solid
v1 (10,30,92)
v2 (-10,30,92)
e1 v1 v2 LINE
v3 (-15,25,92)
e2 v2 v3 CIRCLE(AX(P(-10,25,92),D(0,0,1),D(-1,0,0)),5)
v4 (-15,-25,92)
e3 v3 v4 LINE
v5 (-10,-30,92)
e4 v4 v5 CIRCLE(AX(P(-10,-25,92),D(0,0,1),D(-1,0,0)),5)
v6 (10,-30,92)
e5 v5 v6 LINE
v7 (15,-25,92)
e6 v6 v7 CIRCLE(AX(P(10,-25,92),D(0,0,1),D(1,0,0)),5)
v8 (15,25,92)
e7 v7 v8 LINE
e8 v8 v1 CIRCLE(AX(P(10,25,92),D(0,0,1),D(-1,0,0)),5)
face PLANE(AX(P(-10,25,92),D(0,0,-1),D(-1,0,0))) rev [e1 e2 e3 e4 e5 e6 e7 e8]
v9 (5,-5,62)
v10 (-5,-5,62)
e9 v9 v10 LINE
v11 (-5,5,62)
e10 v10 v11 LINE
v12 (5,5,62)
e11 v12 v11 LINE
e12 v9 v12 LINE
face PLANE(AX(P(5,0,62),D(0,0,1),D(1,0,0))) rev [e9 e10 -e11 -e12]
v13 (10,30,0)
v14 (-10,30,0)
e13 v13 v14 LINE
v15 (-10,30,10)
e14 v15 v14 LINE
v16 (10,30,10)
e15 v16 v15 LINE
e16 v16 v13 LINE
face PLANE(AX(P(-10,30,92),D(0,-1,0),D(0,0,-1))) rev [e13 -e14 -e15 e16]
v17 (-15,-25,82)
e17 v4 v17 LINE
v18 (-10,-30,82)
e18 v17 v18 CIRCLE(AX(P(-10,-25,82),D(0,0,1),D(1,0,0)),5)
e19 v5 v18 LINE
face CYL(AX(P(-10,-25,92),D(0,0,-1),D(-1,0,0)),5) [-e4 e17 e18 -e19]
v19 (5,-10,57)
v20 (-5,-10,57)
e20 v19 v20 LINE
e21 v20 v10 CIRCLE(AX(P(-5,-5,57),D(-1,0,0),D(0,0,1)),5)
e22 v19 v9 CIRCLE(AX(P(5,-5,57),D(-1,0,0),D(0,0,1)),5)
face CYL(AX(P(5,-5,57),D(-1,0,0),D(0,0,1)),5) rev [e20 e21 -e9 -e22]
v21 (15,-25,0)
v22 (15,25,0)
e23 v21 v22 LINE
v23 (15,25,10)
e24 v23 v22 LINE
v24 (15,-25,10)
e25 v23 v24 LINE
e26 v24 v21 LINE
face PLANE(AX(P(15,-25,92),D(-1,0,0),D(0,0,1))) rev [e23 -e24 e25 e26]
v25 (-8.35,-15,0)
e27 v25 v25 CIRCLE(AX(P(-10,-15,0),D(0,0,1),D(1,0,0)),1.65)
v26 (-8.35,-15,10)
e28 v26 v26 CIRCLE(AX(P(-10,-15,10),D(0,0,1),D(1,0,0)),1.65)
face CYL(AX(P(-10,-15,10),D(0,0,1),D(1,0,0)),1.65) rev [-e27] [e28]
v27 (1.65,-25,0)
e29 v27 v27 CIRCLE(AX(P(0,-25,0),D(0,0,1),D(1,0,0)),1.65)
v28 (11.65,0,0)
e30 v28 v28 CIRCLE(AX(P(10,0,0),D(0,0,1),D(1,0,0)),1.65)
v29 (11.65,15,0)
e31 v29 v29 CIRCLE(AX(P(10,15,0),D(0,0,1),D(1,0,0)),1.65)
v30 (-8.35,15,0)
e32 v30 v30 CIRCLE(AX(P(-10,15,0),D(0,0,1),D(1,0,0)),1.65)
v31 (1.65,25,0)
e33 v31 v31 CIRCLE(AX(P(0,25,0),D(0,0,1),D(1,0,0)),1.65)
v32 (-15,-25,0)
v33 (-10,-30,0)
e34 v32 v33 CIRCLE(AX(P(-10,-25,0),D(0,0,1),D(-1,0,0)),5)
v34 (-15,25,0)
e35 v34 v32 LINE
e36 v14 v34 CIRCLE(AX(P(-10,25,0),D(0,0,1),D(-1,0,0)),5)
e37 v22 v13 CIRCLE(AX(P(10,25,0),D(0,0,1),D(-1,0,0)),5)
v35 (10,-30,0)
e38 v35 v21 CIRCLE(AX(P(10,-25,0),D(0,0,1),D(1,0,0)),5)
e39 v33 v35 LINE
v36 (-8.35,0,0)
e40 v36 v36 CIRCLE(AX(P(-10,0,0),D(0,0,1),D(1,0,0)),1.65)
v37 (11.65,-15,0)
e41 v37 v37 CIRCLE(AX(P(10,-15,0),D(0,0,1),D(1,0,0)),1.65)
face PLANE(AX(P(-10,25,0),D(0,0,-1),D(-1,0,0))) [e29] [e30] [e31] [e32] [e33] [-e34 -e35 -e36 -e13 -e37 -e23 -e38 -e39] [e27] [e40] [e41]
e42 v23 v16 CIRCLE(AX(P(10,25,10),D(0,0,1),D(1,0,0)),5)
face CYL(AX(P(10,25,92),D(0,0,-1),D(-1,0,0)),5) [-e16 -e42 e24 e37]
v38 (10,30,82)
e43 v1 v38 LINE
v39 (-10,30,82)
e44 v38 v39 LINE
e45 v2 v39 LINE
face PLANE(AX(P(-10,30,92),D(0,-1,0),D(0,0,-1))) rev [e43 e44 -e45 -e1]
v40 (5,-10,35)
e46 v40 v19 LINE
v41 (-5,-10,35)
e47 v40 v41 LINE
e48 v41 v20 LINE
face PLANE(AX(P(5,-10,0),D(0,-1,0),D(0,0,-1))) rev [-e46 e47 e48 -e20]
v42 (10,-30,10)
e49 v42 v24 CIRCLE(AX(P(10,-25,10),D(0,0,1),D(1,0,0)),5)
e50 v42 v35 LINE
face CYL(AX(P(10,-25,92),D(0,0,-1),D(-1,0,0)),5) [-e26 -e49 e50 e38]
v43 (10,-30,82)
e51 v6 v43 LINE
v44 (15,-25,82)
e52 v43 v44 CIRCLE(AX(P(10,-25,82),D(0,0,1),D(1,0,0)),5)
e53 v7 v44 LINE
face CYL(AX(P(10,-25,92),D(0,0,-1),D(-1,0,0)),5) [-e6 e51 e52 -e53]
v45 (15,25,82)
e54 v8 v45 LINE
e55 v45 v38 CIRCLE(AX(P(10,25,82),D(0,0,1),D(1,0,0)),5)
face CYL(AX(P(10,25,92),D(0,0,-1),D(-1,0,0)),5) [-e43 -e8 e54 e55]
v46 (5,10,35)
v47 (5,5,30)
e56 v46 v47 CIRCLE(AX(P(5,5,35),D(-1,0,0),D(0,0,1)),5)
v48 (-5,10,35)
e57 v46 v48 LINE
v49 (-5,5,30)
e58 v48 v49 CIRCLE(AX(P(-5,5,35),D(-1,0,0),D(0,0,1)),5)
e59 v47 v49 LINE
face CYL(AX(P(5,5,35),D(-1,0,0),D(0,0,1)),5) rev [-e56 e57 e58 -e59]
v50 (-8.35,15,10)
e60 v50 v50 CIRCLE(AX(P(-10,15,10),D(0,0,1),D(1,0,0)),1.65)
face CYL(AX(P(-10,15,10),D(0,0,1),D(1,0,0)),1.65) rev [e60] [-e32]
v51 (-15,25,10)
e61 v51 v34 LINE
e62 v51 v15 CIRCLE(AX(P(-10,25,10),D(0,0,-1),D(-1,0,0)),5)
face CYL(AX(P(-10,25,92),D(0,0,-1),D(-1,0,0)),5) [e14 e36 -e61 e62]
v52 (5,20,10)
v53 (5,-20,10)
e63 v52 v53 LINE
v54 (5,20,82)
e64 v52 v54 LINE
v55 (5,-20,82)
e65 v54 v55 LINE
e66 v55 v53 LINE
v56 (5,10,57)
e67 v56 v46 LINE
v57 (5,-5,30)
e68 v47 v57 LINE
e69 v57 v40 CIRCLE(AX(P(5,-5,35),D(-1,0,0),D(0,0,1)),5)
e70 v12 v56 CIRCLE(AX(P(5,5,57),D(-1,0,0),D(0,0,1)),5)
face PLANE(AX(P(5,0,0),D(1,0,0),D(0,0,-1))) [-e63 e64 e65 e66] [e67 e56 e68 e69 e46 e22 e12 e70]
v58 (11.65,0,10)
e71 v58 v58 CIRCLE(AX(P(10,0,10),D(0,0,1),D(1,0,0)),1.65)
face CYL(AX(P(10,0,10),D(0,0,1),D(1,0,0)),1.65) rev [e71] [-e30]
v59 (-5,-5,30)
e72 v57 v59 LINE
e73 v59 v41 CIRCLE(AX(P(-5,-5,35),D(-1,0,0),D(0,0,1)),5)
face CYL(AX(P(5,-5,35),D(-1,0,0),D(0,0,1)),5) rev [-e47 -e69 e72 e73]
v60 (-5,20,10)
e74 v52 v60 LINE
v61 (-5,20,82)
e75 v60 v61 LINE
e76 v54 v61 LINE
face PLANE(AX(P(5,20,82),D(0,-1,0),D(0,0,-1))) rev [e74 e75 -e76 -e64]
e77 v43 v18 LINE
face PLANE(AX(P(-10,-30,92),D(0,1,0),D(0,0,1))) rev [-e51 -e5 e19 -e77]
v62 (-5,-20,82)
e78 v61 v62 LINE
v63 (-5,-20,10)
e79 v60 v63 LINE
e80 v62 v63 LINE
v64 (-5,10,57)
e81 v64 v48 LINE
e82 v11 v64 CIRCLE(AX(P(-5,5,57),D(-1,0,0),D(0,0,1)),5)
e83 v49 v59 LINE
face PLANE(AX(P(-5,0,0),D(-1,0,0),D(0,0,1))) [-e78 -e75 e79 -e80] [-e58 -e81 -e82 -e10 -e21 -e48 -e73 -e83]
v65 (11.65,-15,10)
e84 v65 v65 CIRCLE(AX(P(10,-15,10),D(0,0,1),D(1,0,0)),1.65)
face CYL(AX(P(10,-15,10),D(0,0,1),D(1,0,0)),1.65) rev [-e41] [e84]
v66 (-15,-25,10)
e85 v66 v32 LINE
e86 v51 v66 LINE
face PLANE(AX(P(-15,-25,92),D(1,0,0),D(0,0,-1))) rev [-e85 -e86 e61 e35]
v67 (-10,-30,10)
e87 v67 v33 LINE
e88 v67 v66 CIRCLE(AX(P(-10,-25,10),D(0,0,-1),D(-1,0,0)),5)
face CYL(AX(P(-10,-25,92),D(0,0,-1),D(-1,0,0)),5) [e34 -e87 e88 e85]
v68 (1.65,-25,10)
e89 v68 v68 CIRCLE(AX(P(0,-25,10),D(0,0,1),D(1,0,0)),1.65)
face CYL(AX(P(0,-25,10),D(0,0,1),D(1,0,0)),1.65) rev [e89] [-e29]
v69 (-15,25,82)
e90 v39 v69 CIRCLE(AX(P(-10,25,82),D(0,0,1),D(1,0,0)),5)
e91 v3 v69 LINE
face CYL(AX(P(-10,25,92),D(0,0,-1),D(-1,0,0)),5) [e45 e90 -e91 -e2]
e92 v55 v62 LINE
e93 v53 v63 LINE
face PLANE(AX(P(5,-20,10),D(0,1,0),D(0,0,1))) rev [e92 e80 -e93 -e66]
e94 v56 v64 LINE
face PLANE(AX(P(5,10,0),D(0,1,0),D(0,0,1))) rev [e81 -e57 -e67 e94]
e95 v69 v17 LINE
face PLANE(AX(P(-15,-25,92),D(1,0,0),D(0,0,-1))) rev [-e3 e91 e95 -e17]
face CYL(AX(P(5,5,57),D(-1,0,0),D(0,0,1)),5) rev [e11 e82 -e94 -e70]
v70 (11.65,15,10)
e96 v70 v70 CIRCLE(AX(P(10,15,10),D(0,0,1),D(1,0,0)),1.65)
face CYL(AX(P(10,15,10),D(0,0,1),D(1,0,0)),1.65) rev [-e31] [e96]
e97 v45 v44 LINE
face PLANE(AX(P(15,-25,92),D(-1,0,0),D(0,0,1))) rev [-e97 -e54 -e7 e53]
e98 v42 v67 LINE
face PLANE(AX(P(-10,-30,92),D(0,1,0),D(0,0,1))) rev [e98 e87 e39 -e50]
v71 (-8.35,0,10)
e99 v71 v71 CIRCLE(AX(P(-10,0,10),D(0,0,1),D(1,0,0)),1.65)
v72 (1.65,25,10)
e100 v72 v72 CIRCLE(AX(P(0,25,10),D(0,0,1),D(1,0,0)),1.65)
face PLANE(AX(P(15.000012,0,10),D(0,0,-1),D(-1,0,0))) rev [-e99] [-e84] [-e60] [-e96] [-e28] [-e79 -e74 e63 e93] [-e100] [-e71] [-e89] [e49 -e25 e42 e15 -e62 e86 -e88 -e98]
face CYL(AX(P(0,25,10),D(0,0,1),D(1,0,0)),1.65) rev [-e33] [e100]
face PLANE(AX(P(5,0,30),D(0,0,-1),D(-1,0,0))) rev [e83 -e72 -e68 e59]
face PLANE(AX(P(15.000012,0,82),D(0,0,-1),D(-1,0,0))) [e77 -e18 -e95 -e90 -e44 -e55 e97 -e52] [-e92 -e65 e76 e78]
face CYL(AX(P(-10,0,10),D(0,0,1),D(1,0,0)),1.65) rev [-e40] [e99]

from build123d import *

# Parameters (mm, degrees)
BOSS_EXTRUDE1_DEPTH       = 92
CUT_EXTRUDE1_DEPTH        = 102.311401135
CUT_EXTRUDE1_DEPTH_BACK   = 10
SKETCH3_W                 = 72
SKETCH3_H                 = 50
CUT_EXTRUDE2_DEPTH        = 10
SKETCH4_W                 = 72
SKETCH4_H                 = 10
CUT_EXTRUDE3_DEPTH        = 10
SKETCH5_W                 = 72
SKETCH5_H                 = 10
CUT_EXTRUDE4_DEPTH        = 10
M4X0_7_TAPPED_HOLE1_D     = 3.3
M4X0_7_TAPPED_HOLE1_DEPTH = 10
M4X0_7_TAPPED_HOLE2_D     = 3.3
M4X0_7_TAPPED_HOLE2_DEPTH = 10
M4X0_7_TAPPED_HOLE3_D     = 3.3
M4X0_7_TAPPED_HOLE3_DEPTH = 10
M4X0_7_TAPPED_HOLE4_D     = 3.3
M4X0_7_TAPPED_HOLE4_DEPTH = 10
M4X0_7_TAPPED_HOLE5_D     = 3.3
M4X0_7_TAPPED_HOLE5_DEPTH = 10
M4X0_7_TAPPED_HOLE6_D     = 3.3
M4X0_7_TAPPED_HOLE6_DEPTH = 10
M4X0_7_TAPPED_HOLE7_D     = 3.3
M4X0_7_TAPPED_HOLE7_DEPTH = 10
M4X0_7_TAPPED_HOLE8_D     = 3.3
M4X0_7_TAPPED_HOLE8_DEPTH = 10
CUT_EXTRUDE5_DEPTH        = 10
CUT_EXTRUDE8_DEPTH        = 10
CUT_EXTRUDE9_DEPTH        = 10


with BuildPart() as part:
    # Sketch1 → Boss-Extrude1 (new body)
    with BuildSketch(Plane.XY):
        with BuildLine():
            Line((-10, -30), (10, -30))
            ThreePointArc((10, -30), (13.535533906, -28.535533906), (15, -25))
            Line((15, -25), (15, 25))
            ThreePointArc((15, 25), (13.535533906, 28.535533906), (10, 30))
            Line((10, 30), (-10, 30))
            ThreePointArc((-10, 30), (-13.535533906, 28.535533906), (-15, 25))
            Line((-15, 25), (-15, -25))
            ThreePointArc((-15, -25), (-13.535533906, -28.535533906), (-10, -30))
        make_face()
    extrude(amount=BOSS_EXTRUDE1_DEPTH)

    # Sketch2 → Cut-Extrude1 (cut, two sides: drawn at the far end of the back side and taken through both)
    with BuildSketch(Plane(origin=(15, 0, 0), x_dir=(0, 0, -1), z_dir=(1, 0, 0)).offset(-CUT_EXTRUDE1_DEPTH_BACK)):
        Polygon((-10, 25), (-82, 25), (-82, -25), (-10, -25), (-10, 0), align=None)
    extrude(amount=CUT_EXTRUDE1_DEPTH + CUT_EXTRUDE1_DEPTH_BACK, mode=Mode.SUBTRACT)

    # Sketch3 → Cut-Extrude2 (cut)
    with BuildSketch(Plane.ZY.offset(15)):
        with Locations((46, 0)):
            Rectangle(SKETCH3_W, SKETCH3_H)
    extrude(amount=-CUT_EXTRUDE2_DEPTH, mode=Mode.SUBTRACT)

    # Sketch4 → Cut-Extrude3 (cut)
    with BuildSketch(Plane.ZY.offset(5)):
        with Locations((46, 25)):
            Rectangle(SKETCH4_W, SKETCH4_H)
    extrude(amount=-CUT_EXTRUDE3_DEPTH, mode=Mode.SUBTRACT)

    # Sketch5 → Cut-Extrude4 (cut)
    with BuildSketch(Plane.ZY.offset(5)):
        with Locations((46, -25)):
            Rectangle(SKETCH5_W, SKETCH5_H)
    extrude(amount=-CUT_EXTRUDE4_DEPTH, mode=Mode.SUBTRACT)

    # M4x0.7 Tapped Hole1
    with Locations(Plane.XY.offset(10)):
        with Locations((10, -15)):
            Hole(M4X0_7_TAPPED_HOLE1_D / 2, depth=M4X0_7_TAPPED_HOLE1_DEPTH)

    # M4x0.7 Tapped Hole2
    with Locations(Plane.XY.offset(10)):
        with Locations((10, 0)):
            Hole(M4X0_7_TAPPED_HOLE2_D / 2, depth=M4X0_7_TAPPED_HOLE2_DEPTH)

    # M4x0.7 Tapped Hole3
    with Locations(Plane.XY.offset(10)):
        with Locations((10, 15)):
            Hole(M4X0_7_TAPPED_HOLE3_D / 2, depth=M4X0_7_TAPPED_HOLE3_DEPTH)

    # M4x0.7 Tapped Hole4
    with Locations(Plane.XY.offset(10)):
        with Locations((-10, -15)):
            Hole(M4X0_7_TAPPED_HOLE4_D / 2, depth=M4X0_7_TAPPED_HOLE4_DEPTH)

    # M4x0.7 Tapped Hole5
    with Locations(Plane.XY.offset(10)):
        with Locations((-10, 0)):
            Hole(M4X0_7_TAPPED_HOLE5_D / 2, depth=M4X0_7_TAPPED_HOLE5_DEPTH)

    # M4x0.7 Tapped Hole6
    with Locations(Plane.XY.offset(10)):
        with Locations((-10, 15)):
            Hole(M4X0_7_TAPPED_HOLE6_D / 2, depth=M4X0_7_TAPPED_HOLE6_DEPTH)

    # M4x0.7 Tapped Hole7
    with Locations(Plane.XY.offset(10)):
        with Locations((0, 25)):
            Hole(M4X0_7_TAPPED_HOLE7_D / 2, depth=M4X0_7_TAPPED_HOLE7_DEPTH)

    # M4x0.7 Tapped Hole8
    with Locations(Plane.XY.offset(10)):
        with Locations((0, -25)):
            Hole(M4X0_7_TAPPED_HOLE8_D / 2, depth=M4X0_7_TAPPED_HOLE8_DEPTH)

    # Sketch27 → Cut-Extrude5 (cut)
    with BuildSketch(Plane.ZY.offset(5)):
        with BuildLine():
            Line((62, 0), (62, 5))
            ThreePointArc((62, 5), (60.535533906, 8.535533906), (57, 10))
            Line((57, 10), (35, 10))
            ThreePointArc((35, 10), (31.464466094, 8.535533906), (30, 5))
            Line((30, 5), (30, 0))
            Line((30, 0), (30, -5))
            ThreePointArc((30, -5), (31.464466094, -8.535533906), (35, -10))
            Line((35, -10), (57, -10))
            ThreePointArc((57, -10), (60.535533906, -8.535533906), (62, -5))
            Line((62, -5), (62, 0))
        make_face()
    extrude(amount=-CUT_EXTRUDE5_DEPTH, mode=Mode.SUBTRACT)

    # Sketch29 → Cut-Extrude8 (cut)
    with BuildSketch(Plane.ZY.offset(15)):
        Polygon((82, -25), (82, 25), (82, 39.435498448), (10, 39.435498448), (10, -37.130826461), (82, -37.130826461), align=None)
    extrude(amount=-CUT_EXTRUDE8_DEPTH, mode=Mode.SUBTRACT)

    # Sketch30 → Cut-Extrude9 (cut)
    with BuildSketch(Plane(origin=(15, 0, 0), x_dir=(0, 0, -1), z_dir=(1, 0, 0))):
        Polygon((-82, 25), (-82, -25), (-82, -44.187859425), (-10, -44.187859425), (-10, -25), (-10, 35.921267628), (-82, 35.921267628), align=None)
    extrude(amount=-CUT_EXTRUDE9_DEPTH, mode=Mode.SUBTRACT)


solid = part.part
